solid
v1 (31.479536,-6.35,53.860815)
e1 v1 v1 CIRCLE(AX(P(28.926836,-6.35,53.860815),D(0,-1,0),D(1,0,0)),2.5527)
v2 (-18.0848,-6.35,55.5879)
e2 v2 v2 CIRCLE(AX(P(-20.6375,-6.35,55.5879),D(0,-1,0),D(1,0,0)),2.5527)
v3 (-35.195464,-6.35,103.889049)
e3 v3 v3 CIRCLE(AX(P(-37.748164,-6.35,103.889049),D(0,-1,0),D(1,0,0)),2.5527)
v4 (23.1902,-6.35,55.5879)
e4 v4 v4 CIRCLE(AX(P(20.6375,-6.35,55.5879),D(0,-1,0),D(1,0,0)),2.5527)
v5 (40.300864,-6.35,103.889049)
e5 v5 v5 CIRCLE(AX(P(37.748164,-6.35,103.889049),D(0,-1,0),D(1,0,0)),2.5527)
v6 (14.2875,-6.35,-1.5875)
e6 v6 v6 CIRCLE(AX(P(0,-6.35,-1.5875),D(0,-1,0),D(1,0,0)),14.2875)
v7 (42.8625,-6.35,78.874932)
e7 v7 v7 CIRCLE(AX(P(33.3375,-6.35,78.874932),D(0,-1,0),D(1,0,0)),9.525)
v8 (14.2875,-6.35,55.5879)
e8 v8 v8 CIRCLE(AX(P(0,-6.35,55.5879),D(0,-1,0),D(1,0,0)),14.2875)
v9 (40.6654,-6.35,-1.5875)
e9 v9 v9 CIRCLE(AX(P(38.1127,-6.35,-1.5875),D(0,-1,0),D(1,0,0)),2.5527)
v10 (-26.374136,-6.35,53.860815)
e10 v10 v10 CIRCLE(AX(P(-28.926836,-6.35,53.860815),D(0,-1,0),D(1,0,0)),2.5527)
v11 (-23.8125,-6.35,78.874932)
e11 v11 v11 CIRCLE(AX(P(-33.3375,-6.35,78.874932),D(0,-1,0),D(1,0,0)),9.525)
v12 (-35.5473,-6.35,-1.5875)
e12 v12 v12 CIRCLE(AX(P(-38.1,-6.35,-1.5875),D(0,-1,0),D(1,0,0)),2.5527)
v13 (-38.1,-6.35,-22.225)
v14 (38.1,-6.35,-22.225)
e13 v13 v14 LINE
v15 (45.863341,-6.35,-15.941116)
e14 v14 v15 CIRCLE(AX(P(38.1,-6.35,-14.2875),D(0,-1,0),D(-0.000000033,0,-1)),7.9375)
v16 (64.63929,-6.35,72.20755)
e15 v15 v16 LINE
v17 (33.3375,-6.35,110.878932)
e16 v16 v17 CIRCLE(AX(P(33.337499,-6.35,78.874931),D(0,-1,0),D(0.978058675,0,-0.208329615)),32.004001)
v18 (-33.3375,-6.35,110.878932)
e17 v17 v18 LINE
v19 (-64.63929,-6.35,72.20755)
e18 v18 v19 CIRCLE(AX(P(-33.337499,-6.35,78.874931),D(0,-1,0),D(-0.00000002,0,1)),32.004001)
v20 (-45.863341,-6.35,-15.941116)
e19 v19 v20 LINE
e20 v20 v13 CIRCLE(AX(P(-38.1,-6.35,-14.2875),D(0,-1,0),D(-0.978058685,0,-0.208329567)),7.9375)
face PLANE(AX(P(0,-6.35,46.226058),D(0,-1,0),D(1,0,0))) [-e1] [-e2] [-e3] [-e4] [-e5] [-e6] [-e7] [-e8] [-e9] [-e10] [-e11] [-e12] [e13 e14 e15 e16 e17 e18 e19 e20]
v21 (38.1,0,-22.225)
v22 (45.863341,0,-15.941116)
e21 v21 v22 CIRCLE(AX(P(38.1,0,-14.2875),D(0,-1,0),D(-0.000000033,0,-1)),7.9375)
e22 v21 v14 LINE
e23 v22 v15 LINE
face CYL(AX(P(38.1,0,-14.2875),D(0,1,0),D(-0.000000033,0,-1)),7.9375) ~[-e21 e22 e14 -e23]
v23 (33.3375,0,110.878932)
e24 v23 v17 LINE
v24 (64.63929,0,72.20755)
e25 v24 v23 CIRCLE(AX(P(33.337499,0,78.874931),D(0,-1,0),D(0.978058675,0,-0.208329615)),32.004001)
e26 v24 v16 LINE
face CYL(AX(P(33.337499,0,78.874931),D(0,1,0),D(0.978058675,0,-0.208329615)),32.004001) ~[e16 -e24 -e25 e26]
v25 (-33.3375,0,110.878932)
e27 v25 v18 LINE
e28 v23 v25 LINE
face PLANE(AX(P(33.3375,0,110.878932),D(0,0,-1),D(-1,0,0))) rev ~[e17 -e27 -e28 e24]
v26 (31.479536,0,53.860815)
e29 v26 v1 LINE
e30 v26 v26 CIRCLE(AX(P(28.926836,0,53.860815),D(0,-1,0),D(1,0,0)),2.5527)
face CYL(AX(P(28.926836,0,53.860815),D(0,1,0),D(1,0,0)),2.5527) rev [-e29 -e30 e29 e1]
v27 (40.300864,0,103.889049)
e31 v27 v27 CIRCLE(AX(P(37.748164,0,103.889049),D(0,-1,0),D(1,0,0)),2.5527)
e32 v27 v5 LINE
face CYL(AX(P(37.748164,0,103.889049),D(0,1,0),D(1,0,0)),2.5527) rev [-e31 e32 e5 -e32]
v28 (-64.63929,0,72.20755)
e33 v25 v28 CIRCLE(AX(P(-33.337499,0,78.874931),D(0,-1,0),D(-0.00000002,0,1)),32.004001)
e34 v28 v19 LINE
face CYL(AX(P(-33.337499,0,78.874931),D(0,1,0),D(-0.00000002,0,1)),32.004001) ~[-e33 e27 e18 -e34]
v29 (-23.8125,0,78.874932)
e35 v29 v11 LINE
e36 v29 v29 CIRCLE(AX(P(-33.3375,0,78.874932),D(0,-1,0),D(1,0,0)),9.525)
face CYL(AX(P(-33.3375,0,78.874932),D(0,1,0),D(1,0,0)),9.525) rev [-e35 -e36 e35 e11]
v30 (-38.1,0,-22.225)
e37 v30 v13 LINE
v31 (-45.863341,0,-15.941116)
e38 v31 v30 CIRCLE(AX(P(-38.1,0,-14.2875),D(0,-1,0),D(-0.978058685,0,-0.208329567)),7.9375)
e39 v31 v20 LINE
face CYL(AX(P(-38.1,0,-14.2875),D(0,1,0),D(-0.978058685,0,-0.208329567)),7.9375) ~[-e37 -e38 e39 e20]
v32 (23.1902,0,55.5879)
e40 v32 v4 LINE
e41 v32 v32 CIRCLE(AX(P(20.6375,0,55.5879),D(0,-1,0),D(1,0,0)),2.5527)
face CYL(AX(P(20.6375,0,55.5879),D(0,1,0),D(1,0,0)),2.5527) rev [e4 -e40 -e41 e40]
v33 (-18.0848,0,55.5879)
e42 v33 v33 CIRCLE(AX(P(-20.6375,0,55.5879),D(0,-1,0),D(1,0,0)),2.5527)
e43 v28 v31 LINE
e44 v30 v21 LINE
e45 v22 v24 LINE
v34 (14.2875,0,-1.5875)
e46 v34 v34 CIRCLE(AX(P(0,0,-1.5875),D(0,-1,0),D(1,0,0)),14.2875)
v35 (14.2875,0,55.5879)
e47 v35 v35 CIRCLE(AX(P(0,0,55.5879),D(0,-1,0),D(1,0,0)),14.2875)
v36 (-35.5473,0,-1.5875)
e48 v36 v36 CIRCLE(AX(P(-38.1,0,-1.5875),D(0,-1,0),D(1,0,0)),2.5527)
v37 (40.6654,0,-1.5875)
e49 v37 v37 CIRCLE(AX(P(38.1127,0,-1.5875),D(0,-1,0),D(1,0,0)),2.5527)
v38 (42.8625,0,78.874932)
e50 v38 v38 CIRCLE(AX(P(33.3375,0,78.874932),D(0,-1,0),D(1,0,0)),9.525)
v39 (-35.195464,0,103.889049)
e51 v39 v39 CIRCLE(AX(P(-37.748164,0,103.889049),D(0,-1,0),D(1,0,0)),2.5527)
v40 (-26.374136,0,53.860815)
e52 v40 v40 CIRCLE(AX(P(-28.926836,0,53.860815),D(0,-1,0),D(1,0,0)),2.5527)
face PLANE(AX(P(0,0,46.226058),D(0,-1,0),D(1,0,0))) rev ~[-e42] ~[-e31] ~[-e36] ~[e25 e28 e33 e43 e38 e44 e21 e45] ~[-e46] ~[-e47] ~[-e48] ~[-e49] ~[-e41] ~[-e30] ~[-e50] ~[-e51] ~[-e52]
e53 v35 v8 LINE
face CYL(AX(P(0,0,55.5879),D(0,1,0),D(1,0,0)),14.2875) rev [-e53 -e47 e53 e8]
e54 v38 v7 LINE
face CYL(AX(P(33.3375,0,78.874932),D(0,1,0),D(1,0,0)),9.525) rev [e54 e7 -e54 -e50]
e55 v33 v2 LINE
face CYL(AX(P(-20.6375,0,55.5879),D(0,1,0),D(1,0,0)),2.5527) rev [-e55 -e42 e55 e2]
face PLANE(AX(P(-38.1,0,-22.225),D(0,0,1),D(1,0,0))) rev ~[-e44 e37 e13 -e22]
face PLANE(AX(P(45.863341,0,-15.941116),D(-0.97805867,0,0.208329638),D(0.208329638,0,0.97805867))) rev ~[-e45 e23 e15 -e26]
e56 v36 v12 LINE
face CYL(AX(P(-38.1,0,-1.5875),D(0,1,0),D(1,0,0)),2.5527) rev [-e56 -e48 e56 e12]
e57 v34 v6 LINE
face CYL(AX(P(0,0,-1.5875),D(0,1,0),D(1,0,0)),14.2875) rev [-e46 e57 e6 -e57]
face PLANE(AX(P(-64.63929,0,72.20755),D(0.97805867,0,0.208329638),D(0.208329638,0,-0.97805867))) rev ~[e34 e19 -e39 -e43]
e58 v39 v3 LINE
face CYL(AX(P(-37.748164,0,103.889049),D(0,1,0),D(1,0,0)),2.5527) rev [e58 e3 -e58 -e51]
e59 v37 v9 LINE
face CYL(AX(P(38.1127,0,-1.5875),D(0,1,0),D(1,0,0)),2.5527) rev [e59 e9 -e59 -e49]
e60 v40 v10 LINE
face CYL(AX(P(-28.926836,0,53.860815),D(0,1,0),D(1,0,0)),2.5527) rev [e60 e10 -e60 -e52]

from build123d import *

# Parameters (mm, degrees)
F0_R     = 2.5527
F0_R_2   = 14.2875
F0_R_3   = 9.525
F1_DEPTH = 6.35


with BuildPart() as f1:
    # F0 (on Front) → F1 (new body)
    with BuildSketch(Plane.XZ):
        with BuildLine():
            Line((33.3375, 110.878932), (-33.3375, 110.878932))
            ThreePointArc((-33.3375, 110.878932), (-58.213582, 99.010387), (-64.63929, 72.20755))
            Line((-64.63929, 72.20755), (-45.863341, -15.941116))
            ThreePointArc((-45.863341, -15.941116), (-43.093913, -20.457163), (-38.1, -22.225))
            Line((-38.1, -22.225), (38.1, -22.225))
            ThreePointArc((38.1, -22.225), (43.093913, -20.457163), (45.863341, -15.941116))
            Line((45.863341, -15.941116), (64.63929, 72.20755))
            ThreePointArc((64.63929, 72.20755), (58.213582, 99.010387), (33.3375, 110.878932))
        make_face()
        with Locations((-38.1, -1.5875)):
            Circle(F0_R, mode=Mode.SUBTRACT)
        with Locations((0, -1.5875)):
            Circle(F0_R_2, mode=Mode.SUBTRACT)
        with Locations((38.1127, -1.5875)):
            Circle(F0_R, mode=Mode.SUBTRACT)
        with Locations((-28.926836, 53.860815)):
            Circle(F0_R, mode=Mode.SUBTRACT)
        with Locations((-20.6375, 55.5879)):
            Circle(F0_R, mode=Mode.SUBTRACT)
        with Locations((-33.3375, 78.874932)):
            Circle(F0_R_3, mode=Mode.SUBTRACT)
        with Locations((-37.748164, 103.889049)):
            Circle(F0_R, mode=Mode.SUBTRACT)
        with Locations((0, 55.5879)):
            Circle(F0_R_2, mode=Mode.SUBTRACT)
        with Locations((20.6375, 55.5879)):
            Circle(F0_R, mode=Mode.SUBTRACT)
        with Locations((28.926836, 53.860815)):
            Circle(F0_R, mode=Mode.SUBTRACT)
        with Locations((33.3375, 78.874932)):
            Circle(F0_R_3, mode=Mode.SUBTRACT)
        with Locations((37.748164, 103.889049)):
            Circle(F0_R, mode=Mode.SUBTRACT)
    extrude(amount=F1_DEPTH)


solid = f1.part
